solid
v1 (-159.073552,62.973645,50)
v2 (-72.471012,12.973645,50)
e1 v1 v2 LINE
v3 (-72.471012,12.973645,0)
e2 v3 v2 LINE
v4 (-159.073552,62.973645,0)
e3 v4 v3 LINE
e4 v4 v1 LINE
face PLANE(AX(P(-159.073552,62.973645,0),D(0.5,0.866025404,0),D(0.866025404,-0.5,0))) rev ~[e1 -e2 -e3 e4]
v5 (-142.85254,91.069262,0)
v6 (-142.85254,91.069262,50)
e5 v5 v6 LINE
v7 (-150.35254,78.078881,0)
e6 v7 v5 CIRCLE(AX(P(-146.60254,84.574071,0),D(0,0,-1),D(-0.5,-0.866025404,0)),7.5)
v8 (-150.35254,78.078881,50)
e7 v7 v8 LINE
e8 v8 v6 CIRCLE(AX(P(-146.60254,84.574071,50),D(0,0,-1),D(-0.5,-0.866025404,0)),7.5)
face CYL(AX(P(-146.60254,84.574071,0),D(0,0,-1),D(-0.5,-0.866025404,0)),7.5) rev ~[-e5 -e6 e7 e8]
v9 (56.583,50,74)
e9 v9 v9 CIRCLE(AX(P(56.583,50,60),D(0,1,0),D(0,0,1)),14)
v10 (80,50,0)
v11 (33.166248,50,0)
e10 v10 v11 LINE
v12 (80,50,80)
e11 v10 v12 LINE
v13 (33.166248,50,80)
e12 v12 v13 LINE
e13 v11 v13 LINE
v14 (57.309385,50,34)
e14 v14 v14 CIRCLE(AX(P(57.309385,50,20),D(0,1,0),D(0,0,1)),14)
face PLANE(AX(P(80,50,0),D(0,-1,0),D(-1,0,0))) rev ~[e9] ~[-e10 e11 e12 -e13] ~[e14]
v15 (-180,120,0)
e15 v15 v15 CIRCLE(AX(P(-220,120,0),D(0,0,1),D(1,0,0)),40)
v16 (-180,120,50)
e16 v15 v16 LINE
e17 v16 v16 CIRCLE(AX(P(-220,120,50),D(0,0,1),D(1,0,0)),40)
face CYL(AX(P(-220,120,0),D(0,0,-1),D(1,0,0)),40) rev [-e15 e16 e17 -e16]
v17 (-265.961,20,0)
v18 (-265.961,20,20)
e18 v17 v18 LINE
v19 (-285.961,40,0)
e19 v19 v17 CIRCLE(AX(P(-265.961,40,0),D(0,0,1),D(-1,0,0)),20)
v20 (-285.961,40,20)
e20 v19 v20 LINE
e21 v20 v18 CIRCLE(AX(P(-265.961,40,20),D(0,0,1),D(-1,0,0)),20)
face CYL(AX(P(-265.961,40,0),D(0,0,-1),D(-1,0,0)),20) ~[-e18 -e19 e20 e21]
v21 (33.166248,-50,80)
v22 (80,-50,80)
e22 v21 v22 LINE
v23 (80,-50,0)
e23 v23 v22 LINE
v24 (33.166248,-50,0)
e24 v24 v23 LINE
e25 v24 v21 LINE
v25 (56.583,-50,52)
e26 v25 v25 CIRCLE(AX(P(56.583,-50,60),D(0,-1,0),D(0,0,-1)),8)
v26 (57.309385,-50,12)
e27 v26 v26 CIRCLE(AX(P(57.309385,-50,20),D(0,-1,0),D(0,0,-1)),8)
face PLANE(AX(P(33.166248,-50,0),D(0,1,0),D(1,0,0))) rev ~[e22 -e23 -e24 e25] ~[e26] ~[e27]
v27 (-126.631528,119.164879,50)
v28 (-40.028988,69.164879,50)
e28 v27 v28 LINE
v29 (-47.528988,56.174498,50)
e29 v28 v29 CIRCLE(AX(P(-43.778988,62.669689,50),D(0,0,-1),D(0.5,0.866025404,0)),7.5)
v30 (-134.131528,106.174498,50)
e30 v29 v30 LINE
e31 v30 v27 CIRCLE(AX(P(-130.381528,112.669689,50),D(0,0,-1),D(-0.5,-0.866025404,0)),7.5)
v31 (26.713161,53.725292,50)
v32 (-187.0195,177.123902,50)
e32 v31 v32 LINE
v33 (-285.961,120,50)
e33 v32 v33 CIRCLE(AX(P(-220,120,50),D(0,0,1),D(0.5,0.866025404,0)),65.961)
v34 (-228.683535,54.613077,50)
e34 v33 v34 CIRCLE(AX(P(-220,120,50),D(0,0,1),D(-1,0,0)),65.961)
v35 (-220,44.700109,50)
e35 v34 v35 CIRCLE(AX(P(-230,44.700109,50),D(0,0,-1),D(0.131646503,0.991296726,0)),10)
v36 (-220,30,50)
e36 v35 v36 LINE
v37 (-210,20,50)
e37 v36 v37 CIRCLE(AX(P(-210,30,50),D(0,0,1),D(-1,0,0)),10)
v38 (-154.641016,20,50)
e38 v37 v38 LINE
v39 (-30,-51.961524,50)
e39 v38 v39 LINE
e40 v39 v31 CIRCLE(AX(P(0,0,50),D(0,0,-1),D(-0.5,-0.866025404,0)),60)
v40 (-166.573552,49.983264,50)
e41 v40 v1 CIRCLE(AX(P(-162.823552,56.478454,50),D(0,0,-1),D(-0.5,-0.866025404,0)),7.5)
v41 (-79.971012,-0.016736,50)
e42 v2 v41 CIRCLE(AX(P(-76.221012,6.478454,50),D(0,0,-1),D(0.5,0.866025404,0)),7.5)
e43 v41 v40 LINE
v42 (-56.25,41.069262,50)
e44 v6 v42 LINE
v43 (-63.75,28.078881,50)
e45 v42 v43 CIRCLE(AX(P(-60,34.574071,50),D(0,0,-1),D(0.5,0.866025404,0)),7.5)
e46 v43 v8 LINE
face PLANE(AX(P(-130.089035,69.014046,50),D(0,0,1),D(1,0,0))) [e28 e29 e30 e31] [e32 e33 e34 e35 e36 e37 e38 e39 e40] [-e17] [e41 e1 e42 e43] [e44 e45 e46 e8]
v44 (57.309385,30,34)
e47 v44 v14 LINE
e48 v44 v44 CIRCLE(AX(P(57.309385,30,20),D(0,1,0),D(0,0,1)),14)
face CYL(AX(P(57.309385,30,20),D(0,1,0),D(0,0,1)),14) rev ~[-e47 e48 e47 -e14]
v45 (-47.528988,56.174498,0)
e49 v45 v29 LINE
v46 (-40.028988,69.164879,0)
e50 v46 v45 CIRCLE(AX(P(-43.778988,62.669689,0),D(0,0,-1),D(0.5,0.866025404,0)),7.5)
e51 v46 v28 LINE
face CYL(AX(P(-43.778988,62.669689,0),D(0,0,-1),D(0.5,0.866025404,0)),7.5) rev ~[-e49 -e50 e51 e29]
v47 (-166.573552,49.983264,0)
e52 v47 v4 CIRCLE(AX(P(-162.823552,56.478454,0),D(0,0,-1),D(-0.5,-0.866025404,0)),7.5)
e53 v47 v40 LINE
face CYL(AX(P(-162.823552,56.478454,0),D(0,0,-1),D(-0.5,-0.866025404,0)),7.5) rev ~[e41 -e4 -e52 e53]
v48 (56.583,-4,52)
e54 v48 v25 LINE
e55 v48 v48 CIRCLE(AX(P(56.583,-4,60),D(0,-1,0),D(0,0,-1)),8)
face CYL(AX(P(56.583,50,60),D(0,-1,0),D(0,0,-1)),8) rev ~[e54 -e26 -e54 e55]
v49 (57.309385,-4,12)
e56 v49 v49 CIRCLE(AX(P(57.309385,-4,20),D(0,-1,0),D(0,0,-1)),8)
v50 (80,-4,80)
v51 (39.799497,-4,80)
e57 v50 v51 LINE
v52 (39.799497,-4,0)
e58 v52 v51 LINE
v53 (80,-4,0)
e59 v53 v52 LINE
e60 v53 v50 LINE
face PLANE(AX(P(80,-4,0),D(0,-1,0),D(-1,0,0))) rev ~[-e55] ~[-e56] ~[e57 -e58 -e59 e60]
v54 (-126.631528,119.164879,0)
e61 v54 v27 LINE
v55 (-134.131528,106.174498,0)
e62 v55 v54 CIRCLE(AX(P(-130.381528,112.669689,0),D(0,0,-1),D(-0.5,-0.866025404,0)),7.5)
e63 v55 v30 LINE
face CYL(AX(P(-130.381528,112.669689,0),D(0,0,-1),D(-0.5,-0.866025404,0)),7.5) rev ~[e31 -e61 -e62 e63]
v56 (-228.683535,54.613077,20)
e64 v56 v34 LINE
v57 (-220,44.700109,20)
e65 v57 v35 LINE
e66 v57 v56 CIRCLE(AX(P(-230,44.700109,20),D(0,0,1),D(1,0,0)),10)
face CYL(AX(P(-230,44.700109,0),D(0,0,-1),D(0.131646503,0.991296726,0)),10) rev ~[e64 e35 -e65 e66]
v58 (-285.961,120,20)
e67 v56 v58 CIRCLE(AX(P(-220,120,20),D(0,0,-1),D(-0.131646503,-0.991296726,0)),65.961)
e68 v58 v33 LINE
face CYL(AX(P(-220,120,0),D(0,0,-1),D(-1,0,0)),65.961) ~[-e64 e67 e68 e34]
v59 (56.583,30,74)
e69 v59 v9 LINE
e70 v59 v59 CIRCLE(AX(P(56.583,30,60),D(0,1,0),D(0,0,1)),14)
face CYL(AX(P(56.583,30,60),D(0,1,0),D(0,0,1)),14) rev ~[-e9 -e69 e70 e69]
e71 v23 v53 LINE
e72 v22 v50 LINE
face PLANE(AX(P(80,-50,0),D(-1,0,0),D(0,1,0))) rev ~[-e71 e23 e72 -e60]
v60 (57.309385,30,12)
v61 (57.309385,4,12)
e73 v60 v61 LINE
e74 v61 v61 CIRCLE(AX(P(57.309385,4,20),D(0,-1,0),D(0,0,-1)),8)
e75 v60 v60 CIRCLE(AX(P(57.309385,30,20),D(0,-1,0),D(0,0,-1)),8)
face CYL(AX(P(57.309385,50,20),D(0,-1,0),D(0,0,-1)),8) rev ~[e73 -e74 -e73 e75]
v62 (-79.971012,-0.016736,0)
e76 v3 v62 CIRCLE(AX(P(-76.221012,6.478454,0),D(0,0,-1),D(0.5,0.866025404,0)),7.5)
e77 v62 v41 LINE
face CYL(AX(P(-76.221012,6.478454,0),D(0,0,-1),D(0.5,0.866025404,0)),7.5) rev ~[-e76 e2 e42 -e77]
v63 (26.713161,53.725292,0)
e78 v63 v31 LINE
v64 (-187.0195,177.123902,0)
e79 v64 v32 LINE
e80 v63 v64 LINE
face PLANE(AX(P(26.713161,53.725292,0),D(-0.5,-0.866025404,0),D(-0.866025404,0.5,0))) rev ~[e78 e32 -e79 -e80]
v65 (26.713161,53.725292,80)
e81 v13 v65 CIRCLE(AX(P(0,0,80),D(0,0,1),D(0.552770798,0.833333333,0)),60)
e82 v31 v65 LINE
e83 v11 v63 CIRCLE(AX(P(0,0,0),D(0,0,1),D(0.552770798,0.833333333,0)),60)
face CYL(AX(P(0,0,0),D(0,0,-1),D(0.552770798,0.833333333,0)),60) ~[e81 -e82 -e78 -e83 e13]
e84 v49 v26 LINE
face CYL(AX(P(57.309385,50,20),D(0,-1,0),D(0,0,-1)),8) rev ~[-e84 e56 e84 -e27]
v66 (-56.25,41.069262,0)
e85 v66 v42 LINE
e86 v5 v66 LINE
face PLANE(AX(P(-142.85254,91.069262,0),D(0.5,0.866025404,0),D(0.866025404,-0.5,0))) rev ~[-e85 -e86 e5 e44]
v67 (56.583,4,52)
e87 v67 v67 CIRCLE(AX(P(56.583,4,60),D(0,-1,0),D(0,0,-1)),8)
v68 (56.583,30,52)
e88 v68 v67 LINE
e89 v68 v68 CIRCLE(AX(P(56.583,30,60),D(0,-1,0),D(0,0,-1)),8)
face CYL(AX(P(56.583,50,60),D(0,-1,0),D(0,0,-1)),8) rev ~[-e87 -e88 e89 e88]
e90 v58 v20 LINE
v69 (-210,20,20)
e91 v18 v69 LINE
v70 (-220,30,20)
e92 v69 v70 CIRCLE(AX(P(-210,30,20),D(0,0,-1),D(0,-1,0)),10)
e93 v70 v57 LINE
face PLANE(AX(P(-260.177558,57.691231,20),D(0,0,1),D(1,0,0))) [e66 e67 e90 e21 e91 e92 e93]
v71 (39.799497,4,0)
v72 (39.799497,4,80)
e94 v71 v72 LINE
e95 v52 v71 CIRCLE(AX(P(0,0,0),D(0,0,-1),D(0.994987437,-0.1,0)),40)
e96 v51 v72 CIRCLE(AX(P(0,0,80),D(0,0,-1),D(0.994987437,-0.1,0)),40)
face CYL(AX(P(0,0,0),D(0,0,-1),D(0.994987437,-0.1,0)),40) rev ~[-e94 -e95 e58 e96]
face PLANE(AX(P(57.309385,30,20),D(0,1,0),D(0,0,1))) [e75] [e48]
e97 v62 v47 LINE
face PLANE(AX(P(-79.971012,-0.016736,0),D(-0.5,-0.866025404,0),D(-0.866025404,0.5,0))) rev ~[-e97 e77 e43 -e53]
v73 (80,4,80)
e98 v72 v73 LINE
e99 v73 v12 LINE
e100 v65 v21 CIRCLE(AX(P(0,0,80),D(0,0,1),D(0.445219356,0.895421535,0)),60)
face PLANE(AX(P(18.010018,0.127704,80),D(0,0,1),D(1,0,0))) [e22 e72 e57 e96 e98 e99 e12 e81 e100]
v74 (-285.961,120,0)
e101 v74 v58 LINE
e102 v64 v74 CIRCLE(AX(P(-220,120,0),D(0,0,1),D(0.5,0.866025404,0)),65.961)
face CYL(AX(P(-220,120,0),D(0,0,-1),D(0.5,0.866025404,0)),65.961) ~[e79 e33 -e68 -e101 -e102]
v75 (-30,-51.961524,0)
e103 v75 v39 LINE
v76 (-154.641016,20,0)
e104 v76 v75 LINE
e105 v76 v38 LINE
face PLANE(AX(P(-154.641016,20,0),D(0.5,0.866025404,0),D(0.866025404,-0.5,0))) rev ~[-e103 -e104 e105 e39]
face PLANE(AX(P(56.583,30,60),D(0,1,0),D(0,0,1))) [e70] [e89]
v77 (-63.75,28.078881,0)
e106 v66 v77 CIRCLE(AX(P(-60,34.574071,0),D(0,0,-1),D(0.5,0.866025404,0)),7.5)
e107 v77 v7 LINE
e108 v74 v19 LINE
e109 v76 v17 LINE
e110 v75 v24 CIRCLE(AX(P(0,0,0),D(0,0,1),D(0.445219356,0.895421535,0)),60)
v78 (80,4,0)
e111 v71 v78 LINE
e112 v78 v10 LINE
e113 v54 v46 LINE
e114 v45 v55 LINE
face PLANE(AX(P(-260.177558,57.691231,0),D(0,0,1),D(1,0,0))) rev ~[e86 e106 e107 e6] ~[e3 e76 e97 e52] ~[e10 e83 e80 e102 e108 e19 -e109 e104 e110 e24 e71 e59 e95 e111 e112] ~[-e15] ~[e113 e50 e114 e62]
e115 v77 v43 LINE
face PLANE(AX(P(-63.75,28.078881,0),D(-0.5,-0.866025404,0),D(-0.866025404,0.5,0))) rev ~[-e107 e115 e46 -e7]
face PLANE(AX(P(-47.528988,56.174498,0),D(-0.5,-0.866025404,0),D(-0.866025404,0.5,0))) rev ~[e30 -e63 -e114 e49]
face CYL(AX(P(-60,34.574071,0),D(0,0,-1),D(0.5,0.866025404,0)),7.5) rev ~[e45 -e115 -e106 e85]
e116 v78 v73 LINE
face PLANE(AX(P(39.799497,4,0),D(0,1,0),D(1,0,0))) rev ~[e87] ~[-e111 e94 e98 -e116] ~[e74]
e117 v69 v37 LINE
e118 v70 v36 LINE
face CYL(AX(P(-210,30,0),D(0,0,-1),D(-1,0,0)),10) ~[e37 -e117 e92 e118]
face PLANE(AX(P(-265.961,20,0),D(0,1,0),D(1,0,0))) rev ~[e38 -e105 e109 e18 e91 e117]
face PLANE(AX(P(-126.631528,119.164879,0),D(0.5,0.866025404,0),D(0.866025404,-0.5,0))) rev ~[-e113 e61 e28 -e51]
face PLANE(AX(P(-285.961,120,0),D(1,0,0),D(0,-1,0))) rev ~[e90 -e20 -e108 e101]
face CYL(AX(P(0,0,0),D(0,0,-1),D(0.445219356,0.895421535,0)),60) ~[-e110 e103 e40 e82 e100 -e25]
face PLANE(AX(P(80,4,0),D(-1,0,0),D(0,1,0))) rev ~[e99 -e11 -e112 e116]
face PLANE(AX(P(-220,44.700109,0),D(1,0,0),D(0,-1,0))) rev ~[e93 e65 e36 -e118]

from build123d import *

# Parameters (mm, degrees)
CROQUIS1_R                                           = 40
SALIENTE_EXTRUIR2_DEPTH                              = 50
SALIENTE_EXTRUIR3_DEPTH                              = 80
SALIENTE_EXTRUIR4_DEPTH                              = 20
REFRENTADO_PARA_TORNILLO_CON_CABEZA_TRON_D           = 16
REFRENTADO_PARA_TORNILLO_CON_CABEZA_TRON_CBORE_D     = 28
REFRENTADO_PARA_TORNILLO_CON_CABEZA_TRON_CBORE_DEPTH = 20


with BuildPart() as part:
    # Croquis1 → Saliente-Extruir2 (new body)
    with BuildSketch(Plane.XY):
        with BuildLine():
            ThreePointArc((-187.0195, 177.123901659), (-252.9805, 177.123901659), (-285.961, 120))
            ThreePointArc((-285.961, 120), (-269.616671449, 76.536918708), (-228.683534972, 54.613076679))
            ThreePointArc((-228.683534972, 54.613076679), (-222.477877617, 51.289318393), (-220, 44.700109422))
            Line((-220, 44.700109422), (-220, 30))
            ThreePointArc((-220, 30), (-217.071067812, 22.928932188), (-210, 20))
            Line((-210, 20), (-154.641016151, 20))
            Line((-154.641016151, 20), (-30, -51.961524227))
            ThreePointArc((-30, -51.961524227), (-52.868956993, 28.370290561), (26.713161338, 53.725292101))
            Line((26.713161338, 53.725292101), (-187.0195, 177.123901659))
        make_face()
        with BuildLine():
            ThreePointArc((-72.471012114, 12.973644893), (-69.725821585, 2.728454364), (-79.971012114, -0.016736164))
            Line((-79.971012114, -0.016736164), (-166.573552492, 49.983263836))
            ThreePointArc((-166.573552492, 49.983263836), (-169.31874302, 60.228454364), (-159.073552492, 62.973644893))
            Line((-159.073552492, 62.973644893), (-72.471012114, 12.973644893))
        make_face(mode=Mode.SUBTRACT)
        with BuildLine():
            ThreePointArc((-56.25, 41.069262024), (-53.504809472, 30.824071495), (-63.75, 28.078880967))
            Line((-63.75, 28.078880967), (-150.352540378, 78.078880967))
            ThreePointArc((-150.352540378, 78.078880967), (-153.097730907, 88.324071495), (-142.852540378, 91.069262024))
            Line((-142.852540378, 91.069262024), (-56.25, 41.069262024))
        make_face(mode=Mode.SUBTRACT)
        with Locations((-220, 120)):
            Circle(CROQUIS1_R, mode=Mode.SUBTRACT)
        with BuildLine():
            ThreePointArc((-40.028987886, 69.164879154), (-37.283797358, 58.919688626), (-47.528987886, 56.174498098))
            Line((-47.528987886, 56.174498098), (-134.131528265, 106.174498098))
            ThreePointArc((-134.131528265, 106.174498098), (-136.876718793, 116.419688626), (-126.631528265, 119.164879154))
            Line((-126.631528265, 119.164879154), (-40.028987886, 69.164879154))
        make_face(mode=Mode.SUBTRACT)
    extrude(amount=SALIENTE_EXTRUIR2_DEPTH)

    # Croquis1<4> → Saliente-Extruir3 (add)
    with BuildSketch(Plane.XY):
        with BuildLine():
            ThreePointArc((33.166247904, 50), (29.997589288, 51.962915978), (26.713161338, 53.725292101))
            ThreePointArc((26.713161338, 53.725292101), (-52.868956993, 28.370290561), (-30, -51.961524227))
            ThreePointArc((-30, -51.961524227), (1.862303888, -59.971091571), (33.166247904, -50))
            Line((33.166247904, -50), (80, -50))
            Line((80, -50), (80, -4))
            Line((80, -4), (39.799497484, -4))
            ThreePointArc((39.799497484, -4), (-40, 0), (39.799497484, 4))
            Line((39.799497484, 4), (80, 4))
            Line((80, 4), (80, 50))
            Line((80, 50), (33.166247904, 50))
        make_face()
    extrude(amount=SALIENTE_EXTRUIR3_DEPTH)

    # Croquis1<5> → Saliente-Extruir4 (add)
    with BuildSketch(Plane.XY):
        with BuildLine():
            ThreePointArc((-228.683534972, 54.613076679), (-269.616671449, 76.536918708), (-285.961, 120))
            Line((-285.961, 120), (-285.961, 40))
            ThreePointArc((-285.961, 40), (-280.103135624, 25.857864376), (-265.961, 20))
            Line((-265.961, 20), (-210, 20))
            ThreePointArc((-210, 20), (-217.071067812, 22.928932188), (-220, 30))
            Line((-220, 30), (-220, 44.700109422))
            ThreePointArc((-220, 44.700109422), (-222.477877617, 51.289318393), (-228.683534972, 54.613076679))
        make_face()
    extrude(amount=SALIENTE_EXTRUIR4_DEPTH)

    # Refrentado para tornillo con cabeza troncocónica de M52 (through all)
    with Locations(Plane(origin=(56.583, 50, 60), x_dir=(0, 0, 1), z_dir=(0, 1, 0))):
        with Locations((0, 0), (-40, 0.726384558)):
            CounterBoreHole(REFRENTADO_PARA_TORNILLO_CON_CABEZA_TRON_D / 2, REFRENTADO_PARA_TORNILLO_CON_CABEZA_TRON_CBORE_D / 2, REFRENTADO_PARA_TORNILLO_CON_CABEZA_TRON_CBORE_DEPTH)


solid = part.part
